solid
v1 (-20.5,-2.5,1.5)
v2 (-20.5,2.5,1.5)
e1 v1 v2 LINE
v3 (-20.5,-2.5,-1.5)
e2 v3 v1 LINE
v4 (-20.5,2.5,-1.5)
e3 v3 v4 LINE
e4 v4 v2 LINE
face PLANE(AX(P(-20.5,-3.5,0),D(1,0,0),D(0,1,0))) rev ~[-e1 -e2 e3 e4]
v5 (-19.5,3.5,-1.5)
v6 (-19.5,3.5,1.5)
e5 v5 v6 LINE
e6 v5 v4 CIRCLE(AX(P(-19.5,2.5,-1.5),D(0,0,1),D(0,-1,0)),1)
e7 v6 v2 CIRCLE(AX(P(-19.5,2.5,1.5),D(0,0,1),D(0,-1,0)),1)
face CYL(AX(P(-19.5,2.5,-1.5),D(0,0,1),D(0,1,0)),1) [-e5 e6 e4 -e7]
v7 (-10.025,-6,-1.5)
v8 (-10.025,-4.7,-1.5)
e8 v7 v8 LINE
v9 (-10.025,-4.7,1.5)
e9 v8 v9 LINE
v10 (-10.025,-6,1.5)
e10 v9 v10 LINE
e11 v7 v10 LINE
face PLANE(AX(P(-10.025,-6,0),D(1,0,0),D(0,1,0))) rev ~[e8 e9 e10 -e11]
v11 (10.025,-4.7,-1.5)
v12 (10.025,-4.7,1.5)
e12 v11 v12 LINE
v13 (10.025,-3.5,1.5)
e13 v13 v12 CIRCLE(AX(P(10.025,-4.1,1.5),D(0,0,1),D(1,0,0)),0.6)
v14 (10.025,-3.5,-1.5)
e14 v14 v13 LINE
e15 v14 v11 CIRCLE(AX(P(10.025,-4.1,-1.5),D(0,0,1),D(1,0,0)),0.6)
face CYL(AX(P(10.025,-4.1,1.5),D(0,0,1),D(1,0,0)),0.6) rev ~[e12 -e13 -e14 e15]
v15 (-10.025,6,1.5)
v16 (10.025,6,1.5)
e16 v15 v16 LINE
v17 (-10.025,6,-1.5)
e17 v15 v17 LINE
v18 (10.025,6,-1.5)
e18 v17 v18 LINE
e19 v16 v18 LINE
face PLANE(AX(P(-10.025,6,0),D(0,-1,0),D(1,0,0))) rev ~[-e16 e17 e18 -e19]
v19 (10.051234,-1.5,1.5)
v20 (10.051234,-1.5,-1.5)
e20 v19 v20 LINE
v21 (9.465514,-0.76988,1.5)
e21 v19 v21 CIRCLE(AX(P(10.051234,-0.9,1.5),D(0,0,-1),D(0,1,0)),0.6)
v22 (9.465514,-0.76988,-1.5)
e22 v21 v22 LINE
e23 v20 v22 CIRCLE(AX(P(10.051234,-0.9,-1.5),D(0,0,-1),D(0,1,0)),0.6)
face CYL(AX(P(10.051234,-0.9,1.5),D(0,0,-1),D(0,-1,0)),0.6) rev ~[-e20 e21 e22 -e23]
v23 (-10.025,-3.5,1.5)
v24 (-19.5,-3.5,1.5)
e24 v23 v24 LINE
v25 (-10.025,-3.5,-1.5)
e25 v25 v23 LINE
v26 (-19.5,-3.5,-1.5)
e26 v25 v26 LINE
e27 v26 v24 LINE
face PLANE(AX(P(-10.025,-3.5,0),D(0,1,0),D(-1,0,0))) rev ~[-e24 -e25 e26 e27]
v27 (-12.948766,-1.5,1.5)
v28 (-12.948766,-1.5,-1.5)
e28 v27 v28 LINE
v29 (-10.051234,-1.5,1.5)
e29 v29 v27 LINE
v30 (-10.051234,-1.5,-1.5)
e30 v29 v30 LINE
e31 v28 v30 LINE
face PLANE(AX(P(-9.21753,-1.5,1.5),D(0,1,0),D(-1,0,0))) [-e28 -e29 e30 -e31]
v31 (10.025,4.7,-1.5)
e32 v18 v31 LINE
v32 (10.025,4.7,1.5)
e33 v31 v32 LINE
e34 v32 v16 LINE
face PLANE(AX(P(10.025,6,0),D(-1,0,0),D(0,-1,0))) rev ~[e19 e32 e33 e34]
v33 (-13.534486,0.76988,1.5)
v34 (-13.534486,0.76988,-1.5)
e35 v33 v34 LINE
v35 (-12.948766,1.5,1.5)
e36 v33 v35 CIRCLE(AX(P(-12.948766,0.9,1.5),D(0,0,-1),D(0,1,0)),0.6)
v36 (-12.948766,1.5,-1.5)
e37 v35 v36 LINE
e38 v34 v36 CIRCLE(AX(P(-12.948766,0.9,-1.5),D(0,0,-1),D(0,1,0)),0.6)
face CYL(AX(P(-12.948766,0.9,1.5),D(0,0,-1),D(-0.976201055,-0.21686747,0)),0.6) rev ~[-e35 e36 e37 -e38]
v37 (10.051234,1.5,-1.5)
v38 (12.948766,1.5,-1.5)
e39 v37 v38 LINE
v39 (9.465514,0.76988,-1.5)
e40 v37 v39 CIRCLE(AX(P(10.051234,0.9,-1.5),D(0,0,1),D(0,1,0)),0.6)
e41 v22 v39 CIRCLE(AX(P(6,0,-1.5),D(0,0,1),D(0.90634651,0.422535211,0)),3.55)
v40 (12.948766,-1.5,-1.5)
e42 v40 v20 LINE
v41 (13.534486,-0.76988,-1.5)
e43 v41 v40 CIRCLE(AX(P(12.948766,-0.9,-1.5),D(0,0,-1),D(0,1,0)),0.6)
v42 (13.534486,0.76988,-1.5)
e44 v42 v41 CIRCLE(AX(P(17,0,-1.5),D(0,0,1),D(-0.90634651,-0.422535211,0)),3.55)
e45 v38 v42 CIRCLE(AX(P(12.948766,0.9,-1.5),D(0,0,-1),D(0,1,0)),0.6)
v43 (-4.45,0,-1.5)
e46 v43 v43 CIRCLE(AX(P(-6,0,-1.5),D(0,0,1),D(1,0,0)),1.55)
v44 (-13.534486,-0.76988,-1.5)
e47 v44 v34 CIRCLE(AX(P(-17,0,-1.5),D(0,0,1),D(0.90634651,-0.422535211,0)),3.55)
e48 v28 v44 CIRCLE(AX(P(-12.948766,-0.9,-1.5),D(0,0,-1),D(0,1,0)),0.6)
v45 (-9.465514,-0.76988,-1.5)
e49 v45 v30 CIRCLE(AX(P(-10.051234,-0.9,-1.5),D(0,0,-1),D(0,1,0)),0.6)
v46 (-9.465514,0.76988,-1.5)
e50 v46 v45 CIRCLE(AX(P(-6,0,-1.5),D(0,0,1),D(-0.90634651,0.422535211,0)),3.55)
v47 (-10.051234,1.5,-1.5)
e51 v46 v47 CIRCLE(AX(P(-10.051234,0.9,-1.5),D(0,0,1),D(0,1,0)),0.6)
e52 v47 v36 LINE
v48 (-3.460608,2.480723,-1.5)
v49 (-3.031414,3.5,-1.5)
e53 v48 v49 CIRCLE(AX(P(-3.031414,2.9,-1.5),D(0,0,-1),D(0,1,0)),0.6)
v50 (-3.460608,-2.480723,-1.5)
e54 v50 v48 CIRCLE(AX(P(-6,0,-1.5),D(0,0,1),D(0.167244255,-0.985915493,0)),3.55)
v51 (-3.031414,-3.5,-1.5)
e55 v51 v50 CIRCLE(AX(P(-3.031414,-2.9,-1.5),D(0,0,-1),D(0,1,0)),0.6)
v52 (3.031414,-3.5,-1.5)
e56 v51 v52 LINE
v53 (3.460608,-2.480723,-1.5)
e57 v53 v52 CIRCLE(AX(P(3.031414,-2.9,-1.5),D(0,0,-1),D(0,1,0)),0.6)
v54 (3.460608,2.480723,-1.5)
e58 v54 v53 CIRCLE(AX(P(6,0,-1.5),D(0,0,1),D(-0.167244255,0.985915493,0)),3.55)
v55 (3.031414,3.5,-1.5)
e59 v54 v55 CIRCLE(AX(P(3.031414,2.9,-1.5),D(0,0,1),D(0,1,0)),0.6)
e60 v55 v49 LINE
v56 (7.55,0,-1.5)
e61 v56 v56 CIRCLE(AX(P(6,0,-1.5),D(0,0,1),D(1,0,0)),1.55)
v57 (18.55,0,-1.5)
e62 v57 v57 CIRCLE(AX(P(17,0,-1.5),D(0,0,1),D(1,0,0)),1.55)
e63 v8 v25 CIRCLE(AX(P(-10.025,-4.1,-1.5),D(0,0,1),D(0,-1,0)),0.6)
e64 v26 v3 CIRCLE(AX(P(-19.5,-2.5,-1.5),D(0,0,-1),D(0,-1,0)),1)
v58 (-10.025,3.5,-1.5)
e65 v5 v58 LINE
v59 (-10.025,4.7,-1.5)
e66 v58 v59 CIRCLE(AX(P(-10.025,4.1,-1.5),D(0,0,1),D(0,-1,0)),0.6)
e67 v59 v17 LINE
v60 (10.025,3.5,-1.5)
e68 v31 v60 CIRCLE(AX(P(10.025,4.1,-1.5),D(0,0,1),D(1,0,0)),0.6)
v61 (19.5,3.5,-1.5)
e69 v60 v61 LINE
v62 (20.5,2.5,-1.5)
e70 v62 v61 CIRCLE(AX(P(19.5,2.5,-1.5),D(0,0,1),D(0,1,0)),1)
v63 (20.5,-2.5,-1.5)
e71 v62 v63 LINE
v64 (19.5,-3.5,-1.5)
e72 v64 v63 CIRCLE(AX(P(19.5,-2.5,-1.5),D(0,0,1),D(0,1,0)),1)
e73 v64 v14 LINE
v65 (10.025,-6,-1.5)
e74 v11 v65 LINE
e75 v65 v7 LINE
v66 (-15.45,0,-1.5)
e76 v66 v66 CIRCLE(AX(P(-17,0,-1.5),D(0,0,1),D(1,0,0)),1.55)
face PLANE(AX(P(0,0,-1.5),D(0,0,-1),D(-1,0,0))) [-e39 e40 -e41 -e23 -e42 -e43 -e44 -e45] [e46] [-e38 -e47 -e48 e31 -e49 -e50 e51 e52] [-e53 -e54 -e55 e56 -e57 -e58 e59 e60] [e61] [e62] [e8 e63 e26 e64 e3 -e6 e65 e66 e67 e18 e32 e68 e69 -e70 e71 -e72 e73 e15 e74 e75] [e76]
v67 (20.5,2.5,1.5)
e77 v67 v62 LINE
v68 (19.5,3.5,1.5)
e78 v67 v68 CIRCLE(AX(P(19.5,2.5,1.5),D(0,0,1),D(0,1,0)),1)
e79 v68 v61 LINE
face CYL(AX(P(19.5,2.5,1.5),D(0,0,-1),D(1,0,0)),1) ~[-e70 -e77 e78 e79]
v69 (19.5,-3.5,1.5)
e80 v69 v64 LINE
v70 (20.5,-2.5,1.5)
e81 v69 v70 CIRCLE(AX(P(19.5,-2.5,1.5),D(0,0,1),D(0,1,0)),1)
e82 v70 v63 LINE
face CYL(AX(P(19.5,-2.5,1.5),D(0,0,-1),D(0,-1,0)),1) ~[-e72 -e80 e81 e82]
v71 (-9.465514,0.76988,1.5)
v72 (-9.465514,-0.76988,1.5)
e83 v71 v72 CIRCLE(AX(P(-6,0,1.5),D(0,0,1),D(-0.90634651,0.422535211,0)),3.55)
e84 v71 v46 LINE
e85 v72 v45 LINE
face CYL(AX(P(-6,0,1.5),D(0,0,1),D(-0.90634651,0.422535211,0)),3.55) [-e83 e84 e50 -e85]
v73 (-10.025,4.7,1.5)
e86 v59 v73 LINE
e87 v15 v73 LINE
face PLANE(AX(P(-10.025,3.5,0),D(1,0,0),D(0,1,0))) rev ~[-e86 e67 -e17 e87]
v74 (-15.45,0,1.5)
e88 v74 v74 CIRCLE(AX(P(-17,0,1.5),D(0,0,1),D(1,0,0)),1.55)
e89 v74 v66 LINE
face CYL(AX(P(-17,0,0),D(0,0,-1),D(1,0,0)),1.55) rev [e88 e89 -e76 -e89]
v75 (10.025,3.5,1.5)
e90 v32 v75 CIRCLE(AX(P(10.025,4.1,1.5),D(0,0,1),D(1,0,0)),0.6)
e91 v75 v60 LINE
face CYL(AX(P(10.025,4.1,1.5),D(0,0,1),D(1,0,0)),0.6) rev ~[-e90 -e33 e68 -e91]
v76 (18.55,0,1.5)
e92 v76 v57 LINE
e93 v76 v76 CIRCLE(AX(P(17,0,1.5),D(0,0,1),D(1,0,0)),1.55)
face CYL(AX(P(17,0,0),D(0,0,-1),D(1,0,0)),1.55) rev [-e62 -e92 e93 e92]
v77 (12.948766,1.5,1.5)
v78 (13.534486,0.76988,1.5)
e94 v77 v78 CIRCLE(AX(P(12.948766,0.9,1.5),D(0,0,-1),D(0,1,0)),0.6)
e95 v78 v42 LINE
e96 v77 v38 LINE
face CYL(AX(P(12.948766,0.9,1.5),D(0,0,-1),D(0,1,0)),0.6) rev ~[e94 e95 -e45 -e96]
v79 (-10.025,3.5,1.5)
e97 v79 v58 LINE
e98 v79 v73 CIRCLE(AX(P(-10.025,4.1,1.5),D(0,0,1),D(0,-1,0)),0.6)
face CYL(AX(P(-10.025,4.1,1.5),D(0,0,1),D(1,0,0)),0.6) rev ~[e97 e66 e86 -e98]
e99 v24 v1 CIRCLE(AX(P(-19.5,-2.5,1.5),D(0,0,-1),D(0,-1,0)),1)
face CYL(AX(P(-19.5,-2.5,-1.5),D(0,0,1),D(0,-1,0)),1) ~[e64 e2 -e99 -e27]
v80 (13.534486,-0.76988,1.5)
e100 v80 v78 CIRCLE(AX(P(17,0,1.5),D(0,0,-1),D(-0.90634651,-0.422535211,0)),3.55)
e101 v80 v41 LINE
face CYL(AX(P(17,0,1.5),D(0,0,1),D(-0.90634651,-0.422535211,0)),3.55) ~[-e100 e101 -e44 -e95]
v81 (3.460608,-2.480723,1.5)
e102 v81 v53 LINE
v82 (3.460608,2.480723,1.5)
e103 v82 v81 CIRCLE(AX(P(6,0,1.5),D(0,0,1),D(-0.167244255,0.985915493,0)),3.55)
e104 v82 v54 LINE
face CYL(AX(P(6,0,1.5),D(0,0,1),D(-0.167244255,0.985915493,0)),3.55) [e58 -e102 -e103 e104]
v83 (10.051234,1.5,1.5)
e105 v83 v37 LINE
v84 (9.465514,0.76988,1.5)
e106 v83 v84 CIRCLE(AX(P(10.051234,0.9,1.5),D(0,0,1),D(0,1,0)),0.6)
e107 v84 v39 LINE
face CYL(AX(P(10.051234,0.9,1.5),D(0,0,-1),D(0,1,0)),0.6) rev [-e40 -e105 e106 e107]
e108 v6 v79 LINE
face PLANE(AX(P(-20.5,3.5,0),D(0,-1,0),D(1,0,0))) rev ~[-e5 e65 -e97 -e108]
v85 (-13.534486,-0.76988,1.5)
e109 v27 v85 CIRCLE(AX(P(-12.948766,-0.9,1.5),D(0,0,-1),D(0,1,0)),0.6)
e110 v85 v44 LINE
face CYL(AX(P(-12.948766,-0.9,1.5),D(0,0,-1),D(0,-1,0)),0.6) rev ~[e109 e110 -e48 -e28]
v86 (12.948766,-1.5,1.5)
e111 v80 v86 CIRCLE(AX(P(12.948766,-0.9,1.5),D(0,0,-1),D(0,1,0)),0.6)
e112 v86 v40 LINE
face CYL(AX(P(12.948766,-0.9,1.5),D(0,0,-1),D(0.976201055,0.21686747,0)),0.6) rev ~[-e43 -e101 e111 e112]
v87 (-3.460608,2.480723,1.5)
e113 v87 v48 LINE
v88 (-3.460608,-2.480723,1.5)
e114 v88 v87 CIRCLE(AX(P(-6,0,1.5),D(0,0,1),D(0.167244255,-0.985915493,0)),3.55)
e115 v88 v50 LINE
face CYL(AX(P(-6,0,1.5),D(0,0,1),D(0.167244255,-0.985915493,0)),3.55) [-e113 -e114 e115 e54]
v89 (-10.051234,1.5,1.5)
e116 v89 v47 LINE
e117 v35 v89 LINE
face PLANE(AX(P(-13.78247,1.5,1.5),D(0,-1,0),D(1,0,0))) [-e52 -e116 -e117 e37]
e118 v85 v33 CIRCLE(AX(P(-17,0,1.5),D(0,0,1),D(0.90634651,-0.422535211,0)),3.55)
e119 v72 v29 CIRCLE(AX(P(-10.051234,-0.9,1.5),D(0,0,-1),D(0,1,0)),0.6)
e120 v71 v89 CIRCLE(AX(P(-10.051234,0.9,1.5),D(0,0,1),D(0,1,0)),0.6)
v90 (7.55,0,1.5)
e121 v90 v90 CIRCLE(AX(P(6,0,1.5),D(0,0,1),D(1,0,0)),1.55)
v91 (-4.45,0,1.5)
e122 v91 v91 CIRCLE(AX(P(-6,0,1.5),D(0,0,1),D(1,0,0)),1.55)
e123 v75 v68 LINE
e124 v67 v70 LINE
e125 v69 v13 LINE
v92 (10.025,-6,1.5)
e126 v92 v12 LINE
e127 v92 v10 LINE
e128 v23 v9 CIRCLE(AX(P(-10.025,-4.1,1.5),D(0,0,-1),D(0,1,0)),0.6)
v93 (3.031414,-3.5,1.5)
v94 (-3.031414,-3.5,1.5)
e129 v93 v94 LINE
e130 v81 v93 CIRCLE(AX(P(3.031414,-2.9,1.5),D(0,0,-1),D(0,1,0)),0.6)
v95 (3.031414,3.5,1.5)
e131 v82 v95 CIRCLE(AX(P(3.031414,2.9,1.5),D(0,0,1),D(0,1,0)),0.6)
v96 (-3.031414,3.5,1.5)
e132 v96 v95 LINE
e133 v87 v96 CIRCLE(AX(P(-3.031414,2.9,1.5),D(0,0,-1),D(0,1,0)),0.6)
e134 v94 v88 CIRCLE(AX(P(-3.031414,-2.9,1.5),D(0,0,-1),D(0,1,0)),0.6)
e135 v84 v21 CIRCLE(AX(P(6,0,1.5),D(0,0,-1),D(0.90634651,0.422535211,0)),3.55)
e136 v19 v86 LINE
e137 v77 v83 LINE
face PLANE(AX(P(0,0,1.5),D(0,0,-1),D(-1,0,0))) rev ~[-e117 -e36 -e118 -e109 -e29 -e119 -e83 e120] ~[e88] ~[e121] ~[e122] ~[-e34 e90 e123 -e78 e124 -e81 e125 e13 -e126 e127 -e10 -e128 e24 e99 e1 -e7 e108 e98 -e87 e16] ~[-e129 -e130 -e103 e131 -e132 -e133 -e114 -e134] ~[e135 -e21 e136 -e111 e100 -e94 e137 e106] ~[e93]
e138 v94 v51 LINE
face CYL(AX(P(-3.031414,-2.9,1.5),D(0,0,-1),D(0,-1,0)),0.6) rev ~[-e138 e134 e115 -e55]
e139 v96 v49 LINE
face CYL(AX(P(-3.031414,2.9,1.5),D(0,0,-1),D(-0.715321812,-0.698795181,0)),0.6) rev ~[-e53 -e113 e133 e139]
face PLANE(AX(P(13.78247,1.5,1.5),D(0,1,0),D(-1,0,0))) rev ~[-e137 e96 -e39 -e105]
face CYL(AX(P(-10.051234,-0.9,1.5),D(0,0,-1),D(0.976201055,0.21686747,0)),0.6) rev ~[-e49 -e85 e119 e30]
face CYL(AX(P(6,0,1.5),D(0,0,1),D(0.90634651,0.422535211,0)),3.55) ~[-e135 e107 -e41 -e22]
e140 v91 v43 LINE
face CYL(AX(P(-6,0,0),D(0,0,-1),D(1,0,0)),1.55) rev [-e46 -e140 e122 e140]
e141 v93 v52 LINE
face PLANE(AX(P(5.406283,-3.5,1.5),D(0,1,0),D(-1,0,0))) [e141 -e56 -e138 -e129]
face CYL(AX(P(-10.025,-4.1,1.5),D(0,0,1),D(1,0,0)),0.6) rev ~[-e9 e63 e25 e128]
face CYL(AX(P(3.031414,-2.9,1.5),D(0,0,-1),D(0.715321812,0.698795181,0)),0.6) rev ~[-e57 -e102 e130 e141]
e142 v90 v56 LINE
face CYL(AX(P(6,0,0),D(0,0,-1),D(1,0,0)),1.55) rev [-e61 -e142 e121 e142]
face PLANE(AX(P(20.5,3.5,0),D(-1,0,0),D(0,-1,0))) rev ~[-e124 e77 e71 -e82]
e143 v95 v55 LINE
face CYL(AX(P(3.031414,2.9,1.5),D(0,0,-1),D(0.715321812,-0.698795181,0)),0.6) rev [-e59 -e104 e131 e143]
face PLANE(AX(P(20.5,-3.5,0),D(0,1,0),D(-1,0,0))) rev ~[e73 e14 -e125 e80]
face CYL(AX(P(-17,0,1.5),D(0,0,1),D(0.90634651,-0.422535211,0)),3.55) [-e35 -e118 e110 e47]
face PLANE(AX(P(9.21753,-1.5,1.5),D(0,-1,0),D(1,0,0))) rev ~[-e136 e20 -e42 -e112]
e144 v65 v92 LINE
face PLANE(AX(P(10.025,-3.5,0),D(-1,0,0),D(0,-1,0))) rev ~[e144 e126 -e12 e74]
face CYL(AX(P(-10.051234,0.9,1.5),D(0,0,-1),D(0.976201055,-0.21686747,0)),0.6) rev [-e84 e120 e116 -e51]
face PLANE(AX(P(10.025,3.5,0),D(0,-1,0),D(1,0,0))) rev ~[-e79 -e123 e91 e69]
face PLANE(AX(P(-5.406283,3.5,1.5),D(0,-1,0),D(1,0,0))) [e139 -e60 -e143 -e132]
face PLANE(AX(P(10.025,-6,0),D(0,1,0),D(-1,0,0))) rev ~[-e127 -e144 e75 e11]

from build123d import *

# Parameters (mm, degrees)
SKETCH_1_R               = 1.55
EXTRUDE_1_DEPTH          = 1.5
SKETCH_2_R               = 0.6
CUT_EXTRUDE_1_DEPTH      = 1
CUT_EXTRUDE_1_DEPTH_BACK = 4
FILLET_1_R               = 1
CUT_EXTRUDE_2_DEPTH      = 4
FILLET_2_R               = 0.6


with BuildPart() as part:
    # 草图1 → 凸台-拉伸1 (new body, symmetric)
    with BuildSketch(Plane.XY):
        Polygon((-20.5, 3.5), (-10.025, 3.5), (-10.025, 6), (10.025, 6), (10.025, 3.5), (20.5, 3.5), (20.5, -3.5), (10.025, -3.5), (10.025, -6), (-10.025, -6), (-10.025, -3.5), (-20.5, -3.5), align=None)
        with Locations((-17, 0)):
            Circle(SKETCH_1_R, mode=Mode.SUBTRACT)
        with Locations((-6, 0)):
            Circle(SKETCH_1_R, mode=Mode.SUBTRACT)
        with Locations((6, 0)):
            Circle(SKETCH_1_R, mode=Mode.SUBTRACT)
        with Locations((17, 0)):
            Circle(SKETCH_1_R, mode=Mode.SUBTRACT)
    extrude(amount=EXTRUDE_1_DEPTH, both=True)

    # 草图2 → 切除-拉伸1 (cut, two sides)
    with BuildSketch(Plane.XY.offset(1.5)) as cut_extrude_1_sk:
        with Locations((-10.025, 4.1)):
            Circle(SKETCH_2_R)
        with Locations((-10.025, -4.1)):
            Circle(SKETCH_2_R)
        with Locations((10.025, 4.1)):
            Circle(SKETCH_2_R)
        with Locations((10.025, -4.1)):
            Circle(SKETCH_2_R)
    extrude(amount=CUT_EXTRUDE_1_DEPTH, mode=Mode.SUBTRACT)
    extrude(cut_extrude_1_sk.sketch, amount=-CUT_EXTRUDE_1_DEPTH_BACK, mode=Mode.SUBTRACT)

    # 圆角1
    fillet_1_edges = [part.edges().sort_by_distance(p)[0] for p in [
        (20.5, -3.5, 0),
        (20.5, 3.5, 0),
        (-20.5, -3.5, 0),
        (-20.5, 3.5, 0),
    ]]
    fillet(fillet_1_edges, radius=FILLET_1_R)

    # 草图4 → 切除-拉伸2 (cut, through all)
    with BuildSketch(Plane.XY.offset(1.5)):
        with BuildLine():
            Line((-13.782469891, 1.5), (-9.217530109, 1.5))
            ThreePointArc((-9.217530109, 1.5), (-9.55, 0), (-9.217530109, -1.5))
            Line((-9.217530109, -1.5), (-13.782469891, -1.5))
            ThreePointArc((-13.782469891, -1.5), (-13.45, 0), (-13.782469891, 1.5))
        make_face()
        with BuildLine():
            Line((-5.406282896, 3.5), (5.406282896, 3.5))
            ThreePointArc((5.406282896, 3.5), (2.45, 0), (5.406282896, -3.5))
            Line((5.406282896, -3.5), (-5.406282896, -3.5))
            ThreePointArc((-5.406282896, -3.5), (-2.45, 0), (-5.406282896, 3.5))
        make_face()
        with BuildLine():
            Line((13.782469891, 1.5), (9.217530109, 1.5))
            ThreePointArc((9.217530109, 1.5), (9.55, 0), (9.217530109, -1.5))
            Line((9.217530109, -1.5), (13.782469891, -1.5))
            ThreePointArc((13.782469891, -1.5), (13.45, 0), (13.782469891, 1.5))
        make_face()
    extrude(amount=-CUT_EXTRUDE_2_DEPTH, mode=Mode.SUBTRACT)

    # 圆角2
    fillet_2_edges = [part.edges().sort_by_distance(p)[0] for p in [
        (-13.782469891, -1.5, 0),
        (-13.782469891, 1.5, 0),
        (-9.217530109, 1.5, 0),
        (-9.217530109, -1.5, 0),
        (-5.406282896, -3.5, 0),
        (-5.406282896, 3.5, 0),
        (5.406282896, 3.5, 0),
        (5.406282896, -3.5, 0),
        (13.782469891, 1.5, 0),
        (13.782469891, -1.5, 0),
        (9.217530109, -1.5, 0),
        (9.217530109, 1.5, 0),
    ]]
    fillet(fillet_2_edges, radius=FILLET_2_R)


solid = part.part
